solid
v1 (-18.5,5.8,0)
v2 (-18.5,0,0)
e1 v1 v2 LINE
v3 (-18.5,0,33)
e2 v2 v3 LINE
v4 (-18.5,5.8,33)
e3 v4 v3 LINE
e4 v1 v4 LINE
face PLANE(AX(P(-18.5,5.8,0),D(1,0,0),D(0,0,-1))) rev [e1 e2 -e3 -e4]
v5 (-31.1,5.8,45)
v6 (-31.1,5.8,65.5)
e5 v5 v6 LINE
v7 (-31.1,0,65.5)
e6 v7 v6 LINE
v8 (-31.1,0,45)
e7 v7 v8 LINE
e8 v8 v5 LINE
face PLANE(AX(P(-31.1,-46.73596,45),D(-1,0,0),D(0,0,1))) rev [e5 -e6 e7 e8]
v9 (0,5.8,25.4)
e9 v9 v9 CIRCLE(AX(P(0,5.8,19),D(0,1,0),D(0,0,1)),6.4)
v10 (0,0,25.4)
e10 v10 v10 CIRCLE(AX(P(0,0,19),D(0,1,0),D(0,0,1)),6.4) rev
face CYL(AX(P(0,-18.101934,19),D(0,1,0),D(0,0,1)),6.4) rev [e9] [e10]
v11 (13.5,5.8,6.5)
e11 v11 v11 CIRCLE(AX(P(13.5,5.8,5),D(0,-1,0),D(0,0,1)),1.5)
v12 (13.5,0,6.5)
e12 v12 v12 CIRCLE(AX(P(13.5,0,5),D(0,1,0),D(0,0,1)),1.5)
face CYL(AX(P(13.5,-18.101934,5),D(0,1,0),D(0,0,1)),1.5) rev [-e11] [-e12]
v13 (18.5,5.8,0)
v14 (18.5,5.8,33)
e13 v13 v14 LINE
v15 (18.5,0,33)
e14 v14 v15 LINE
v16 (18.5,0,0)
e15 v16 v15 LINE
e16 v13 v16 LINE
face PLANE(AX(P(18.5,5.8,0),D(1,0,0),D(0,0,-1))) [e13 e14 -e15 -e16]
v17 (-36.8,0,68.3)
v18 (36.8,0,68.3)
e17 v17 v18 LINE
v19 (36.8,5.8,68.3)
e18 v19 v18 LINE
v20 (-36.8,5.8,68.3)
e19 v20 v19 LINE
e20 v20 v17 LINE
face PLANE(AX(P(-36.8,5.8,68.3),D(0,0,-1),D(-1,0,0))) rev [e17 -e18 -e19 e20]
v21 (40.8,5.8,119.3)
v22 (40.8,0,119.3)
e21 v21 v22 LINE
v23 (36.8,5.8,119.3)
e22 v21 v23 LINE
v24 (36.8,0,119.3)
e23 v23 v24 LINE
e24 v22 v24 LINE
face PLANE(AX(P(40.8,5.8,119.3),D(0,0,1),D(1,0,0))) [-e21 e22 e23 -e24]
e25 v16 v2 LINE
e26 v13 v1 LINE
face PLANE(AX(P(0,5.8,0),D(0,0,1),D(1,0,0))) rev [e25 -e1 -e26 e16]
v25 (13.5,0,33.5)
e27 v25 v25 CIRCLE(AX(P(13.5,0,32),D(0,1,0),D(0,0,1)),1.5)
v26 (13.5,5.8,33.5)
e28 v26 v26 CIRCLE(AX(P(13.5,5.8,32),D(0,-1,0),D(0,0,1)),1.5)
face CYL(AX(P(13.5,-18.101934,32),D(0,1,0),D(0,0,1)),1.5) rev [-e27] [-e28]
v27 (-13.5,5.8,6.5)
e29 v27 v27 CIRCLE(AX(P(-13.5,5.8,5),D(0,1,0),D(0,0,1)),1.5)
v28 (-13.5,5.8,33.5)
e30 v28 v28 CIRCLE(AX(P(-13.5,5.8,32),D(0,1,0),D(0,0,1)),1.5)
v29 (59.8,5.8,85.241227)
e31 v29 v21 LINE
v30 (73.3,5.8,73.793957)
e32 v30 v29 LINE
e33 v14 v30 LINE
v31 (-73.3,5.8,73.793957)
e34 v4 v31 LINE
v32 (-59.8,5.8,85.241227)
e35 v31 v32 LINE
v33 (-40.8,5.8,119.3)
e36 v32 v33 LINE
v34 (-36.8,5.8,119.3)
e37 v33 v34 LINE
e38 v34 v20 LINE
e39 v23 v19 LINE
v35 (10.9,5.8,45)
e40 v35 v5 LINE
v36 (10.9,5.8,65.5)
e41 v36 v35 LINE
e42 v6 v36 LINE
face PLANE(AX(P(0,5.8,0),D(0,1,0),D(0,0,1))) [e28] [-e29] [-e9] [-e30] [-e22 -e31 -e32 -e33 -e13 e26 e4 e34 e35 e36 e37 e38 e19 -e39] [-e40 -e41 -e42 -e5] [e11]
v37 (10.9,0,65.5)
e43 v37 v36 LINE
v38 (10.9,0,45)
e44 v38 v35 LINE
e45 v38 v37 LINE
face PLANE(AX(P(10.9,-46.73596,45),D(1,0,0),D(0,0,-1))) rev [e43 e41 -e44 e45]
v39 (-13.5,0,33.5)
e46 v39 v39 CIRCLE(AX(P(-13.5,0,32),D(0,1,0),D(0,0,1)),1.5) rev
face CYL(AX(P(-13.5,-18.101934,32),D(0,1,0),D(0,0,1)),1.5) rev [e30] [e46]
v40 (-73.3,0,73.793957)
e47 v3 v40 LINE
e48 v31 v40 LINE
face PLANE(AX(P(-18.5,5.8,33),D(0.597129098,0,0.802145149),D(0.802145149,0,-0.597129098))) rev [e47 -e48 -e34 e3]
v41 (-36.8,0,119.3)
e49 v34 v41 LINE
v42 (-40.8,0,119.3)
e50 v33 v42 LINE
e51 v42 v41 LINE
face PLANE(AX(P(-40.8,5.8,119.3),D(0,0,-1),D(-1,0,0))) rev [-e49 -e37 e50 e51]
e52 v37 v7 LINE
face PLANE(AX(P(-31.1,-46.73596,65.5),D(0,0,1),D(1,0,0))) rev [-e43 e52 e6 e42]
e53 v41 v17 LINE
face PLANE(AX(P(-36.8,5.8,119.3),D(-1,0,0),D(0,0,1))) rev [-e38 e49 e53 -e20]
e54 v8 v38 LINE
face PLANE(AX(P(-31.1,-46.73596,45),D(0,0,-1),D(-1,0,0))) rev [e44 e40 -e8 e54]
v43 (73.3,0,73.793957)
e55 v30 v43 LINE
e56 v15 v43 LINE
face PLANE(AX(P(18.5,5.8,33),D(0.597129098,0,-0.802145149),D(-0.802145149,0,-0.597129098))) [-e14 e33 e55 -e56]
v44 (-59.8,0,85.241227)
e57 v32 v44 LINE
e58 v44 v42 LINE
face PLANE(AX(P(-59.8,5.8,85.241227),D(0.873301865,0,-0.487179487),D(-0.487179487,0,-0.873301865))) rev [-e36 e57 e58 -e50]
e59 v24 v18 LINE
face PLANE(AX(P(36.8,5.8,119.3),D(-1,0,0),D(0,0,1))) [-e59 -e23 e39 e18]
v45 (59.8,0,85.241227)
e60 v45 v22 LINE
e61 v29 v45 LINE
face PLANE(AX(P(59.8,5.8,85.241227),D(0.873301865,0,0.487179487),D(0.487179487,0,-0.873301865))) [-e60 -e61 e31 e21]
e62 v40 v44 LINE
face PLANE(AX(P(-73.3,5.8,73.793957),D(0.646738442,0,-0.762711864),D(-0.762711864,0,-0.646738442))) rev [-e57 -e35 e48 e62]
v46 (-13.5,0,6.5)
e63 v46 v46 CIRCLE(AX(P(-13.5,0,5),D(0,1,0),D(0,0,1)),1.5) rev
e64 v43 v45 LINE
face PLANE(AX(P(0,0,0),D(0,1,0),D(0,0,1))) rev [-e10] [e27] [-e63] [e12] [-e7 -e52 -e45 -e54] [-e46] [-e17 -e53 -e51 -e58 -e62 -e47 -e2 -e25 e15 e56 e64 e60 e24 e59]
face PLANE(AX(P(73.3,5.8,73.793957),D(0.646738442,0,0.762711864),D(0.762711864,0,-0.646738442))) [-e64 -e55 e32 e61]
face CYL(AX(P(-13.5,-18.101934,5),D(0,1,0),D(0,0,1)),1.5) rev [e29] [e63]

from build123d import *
from build123d.topology import SkipClean

# Parameters (mm, degrees)
BOSS_EXTRU_1_DEPTH      = 5.8
ESQUISSE2_R             = 1.5
ESQUISSE2_R_2           = 6.4
ENL_V_MAT_EXTRU_1_DEPTH = 5.8
ESQUISSE3_W             = 42
ESQUISSE3_H             = 20.5
ENL_V_MAT_EXTRU_2_DEPTH = 5.8


with BuildPart() as part:
    # Esquisse1 → Boss.-Extru.1 (new body)
    with BuildSketch(Plane(origin=(0, 0, 0), x_dir=(1, 0, 0), z_dir=(0, 1, 0))):
        Polygon((0, 0), (-18.5, 0), (-18.5, -33), (-73.3, -73.793956851), (-59.8, -85.241227268), (-40.8, -119.3), (-36.8, -119.3), (-36.8, -68.3), (0, -68.3), align=None)
    boss_extru_1 = extrude(amount=BOSS_EXTRU_1_DEPTH)

    # Esquisse2 → Enlèv. mat.-Extru.1 (cut)
    with BuildSketch(Plane(origin=(0, 5.8, 0), x_dir=(1, 0, 0), z_dir=(0, 1, 0))):
        with Locations(Location((-13.5, -5, 0), (0, 0, 270))):
            Circle(ESQUISSE2_R)
        with Locations((0, -19)):
            Circle(ESQUISSE2_R_2)
        with Locations(Location((-13.5, -32, 0), (0, 0, 270))):
            Circle(ESQUISSE2_R)
    enl_v_mat_extru_1 = extrude(amount=-ENL_V_MAT_EXTRU_1_DEPTH, mode=Mode.SUBTRACT)

    # Symétrie2: Boss.-Extru.1, Enlèv. mat.-Extru.1 across plane
    with SkipClean():  # the faces are left unmerged after this step: merging them gives an invalid solid
        add(boss_extru_1.mirror(Plane(origin=(0, 5.8, 68.3), x_dir=(0, 0, 1), z_dir=(-1, 0, 0))))
        add(enl_v_mat_extru_1.mirror(Plane(origin=(0, 5.8, 68.3), x_dir=(0, 0, 1), z_dir=(-1, 0, 0))), mode=Mode.SUBTRACT)

    # Esquisse3 → Enlèv. mat.-Extru.2 (cut)
    with SkipClean():  # the faces are left unmerged after this step: merging them gives an invalid solid
        with BuildSketch(Plane(origin=(0, 5.8, 0), x_dir=(1, 0, 0), z_dir=(0, 1, 0))):
            with Locations((-10.1, -55.25)):
                Rectangle(ESQUISSE3_W, ESQUISSE3_H)
        extrude(amount=-ENL_V_MAT_EXTRU_2_DEPTH, mode=Mode.SUBTRACT)


solid = part.part
